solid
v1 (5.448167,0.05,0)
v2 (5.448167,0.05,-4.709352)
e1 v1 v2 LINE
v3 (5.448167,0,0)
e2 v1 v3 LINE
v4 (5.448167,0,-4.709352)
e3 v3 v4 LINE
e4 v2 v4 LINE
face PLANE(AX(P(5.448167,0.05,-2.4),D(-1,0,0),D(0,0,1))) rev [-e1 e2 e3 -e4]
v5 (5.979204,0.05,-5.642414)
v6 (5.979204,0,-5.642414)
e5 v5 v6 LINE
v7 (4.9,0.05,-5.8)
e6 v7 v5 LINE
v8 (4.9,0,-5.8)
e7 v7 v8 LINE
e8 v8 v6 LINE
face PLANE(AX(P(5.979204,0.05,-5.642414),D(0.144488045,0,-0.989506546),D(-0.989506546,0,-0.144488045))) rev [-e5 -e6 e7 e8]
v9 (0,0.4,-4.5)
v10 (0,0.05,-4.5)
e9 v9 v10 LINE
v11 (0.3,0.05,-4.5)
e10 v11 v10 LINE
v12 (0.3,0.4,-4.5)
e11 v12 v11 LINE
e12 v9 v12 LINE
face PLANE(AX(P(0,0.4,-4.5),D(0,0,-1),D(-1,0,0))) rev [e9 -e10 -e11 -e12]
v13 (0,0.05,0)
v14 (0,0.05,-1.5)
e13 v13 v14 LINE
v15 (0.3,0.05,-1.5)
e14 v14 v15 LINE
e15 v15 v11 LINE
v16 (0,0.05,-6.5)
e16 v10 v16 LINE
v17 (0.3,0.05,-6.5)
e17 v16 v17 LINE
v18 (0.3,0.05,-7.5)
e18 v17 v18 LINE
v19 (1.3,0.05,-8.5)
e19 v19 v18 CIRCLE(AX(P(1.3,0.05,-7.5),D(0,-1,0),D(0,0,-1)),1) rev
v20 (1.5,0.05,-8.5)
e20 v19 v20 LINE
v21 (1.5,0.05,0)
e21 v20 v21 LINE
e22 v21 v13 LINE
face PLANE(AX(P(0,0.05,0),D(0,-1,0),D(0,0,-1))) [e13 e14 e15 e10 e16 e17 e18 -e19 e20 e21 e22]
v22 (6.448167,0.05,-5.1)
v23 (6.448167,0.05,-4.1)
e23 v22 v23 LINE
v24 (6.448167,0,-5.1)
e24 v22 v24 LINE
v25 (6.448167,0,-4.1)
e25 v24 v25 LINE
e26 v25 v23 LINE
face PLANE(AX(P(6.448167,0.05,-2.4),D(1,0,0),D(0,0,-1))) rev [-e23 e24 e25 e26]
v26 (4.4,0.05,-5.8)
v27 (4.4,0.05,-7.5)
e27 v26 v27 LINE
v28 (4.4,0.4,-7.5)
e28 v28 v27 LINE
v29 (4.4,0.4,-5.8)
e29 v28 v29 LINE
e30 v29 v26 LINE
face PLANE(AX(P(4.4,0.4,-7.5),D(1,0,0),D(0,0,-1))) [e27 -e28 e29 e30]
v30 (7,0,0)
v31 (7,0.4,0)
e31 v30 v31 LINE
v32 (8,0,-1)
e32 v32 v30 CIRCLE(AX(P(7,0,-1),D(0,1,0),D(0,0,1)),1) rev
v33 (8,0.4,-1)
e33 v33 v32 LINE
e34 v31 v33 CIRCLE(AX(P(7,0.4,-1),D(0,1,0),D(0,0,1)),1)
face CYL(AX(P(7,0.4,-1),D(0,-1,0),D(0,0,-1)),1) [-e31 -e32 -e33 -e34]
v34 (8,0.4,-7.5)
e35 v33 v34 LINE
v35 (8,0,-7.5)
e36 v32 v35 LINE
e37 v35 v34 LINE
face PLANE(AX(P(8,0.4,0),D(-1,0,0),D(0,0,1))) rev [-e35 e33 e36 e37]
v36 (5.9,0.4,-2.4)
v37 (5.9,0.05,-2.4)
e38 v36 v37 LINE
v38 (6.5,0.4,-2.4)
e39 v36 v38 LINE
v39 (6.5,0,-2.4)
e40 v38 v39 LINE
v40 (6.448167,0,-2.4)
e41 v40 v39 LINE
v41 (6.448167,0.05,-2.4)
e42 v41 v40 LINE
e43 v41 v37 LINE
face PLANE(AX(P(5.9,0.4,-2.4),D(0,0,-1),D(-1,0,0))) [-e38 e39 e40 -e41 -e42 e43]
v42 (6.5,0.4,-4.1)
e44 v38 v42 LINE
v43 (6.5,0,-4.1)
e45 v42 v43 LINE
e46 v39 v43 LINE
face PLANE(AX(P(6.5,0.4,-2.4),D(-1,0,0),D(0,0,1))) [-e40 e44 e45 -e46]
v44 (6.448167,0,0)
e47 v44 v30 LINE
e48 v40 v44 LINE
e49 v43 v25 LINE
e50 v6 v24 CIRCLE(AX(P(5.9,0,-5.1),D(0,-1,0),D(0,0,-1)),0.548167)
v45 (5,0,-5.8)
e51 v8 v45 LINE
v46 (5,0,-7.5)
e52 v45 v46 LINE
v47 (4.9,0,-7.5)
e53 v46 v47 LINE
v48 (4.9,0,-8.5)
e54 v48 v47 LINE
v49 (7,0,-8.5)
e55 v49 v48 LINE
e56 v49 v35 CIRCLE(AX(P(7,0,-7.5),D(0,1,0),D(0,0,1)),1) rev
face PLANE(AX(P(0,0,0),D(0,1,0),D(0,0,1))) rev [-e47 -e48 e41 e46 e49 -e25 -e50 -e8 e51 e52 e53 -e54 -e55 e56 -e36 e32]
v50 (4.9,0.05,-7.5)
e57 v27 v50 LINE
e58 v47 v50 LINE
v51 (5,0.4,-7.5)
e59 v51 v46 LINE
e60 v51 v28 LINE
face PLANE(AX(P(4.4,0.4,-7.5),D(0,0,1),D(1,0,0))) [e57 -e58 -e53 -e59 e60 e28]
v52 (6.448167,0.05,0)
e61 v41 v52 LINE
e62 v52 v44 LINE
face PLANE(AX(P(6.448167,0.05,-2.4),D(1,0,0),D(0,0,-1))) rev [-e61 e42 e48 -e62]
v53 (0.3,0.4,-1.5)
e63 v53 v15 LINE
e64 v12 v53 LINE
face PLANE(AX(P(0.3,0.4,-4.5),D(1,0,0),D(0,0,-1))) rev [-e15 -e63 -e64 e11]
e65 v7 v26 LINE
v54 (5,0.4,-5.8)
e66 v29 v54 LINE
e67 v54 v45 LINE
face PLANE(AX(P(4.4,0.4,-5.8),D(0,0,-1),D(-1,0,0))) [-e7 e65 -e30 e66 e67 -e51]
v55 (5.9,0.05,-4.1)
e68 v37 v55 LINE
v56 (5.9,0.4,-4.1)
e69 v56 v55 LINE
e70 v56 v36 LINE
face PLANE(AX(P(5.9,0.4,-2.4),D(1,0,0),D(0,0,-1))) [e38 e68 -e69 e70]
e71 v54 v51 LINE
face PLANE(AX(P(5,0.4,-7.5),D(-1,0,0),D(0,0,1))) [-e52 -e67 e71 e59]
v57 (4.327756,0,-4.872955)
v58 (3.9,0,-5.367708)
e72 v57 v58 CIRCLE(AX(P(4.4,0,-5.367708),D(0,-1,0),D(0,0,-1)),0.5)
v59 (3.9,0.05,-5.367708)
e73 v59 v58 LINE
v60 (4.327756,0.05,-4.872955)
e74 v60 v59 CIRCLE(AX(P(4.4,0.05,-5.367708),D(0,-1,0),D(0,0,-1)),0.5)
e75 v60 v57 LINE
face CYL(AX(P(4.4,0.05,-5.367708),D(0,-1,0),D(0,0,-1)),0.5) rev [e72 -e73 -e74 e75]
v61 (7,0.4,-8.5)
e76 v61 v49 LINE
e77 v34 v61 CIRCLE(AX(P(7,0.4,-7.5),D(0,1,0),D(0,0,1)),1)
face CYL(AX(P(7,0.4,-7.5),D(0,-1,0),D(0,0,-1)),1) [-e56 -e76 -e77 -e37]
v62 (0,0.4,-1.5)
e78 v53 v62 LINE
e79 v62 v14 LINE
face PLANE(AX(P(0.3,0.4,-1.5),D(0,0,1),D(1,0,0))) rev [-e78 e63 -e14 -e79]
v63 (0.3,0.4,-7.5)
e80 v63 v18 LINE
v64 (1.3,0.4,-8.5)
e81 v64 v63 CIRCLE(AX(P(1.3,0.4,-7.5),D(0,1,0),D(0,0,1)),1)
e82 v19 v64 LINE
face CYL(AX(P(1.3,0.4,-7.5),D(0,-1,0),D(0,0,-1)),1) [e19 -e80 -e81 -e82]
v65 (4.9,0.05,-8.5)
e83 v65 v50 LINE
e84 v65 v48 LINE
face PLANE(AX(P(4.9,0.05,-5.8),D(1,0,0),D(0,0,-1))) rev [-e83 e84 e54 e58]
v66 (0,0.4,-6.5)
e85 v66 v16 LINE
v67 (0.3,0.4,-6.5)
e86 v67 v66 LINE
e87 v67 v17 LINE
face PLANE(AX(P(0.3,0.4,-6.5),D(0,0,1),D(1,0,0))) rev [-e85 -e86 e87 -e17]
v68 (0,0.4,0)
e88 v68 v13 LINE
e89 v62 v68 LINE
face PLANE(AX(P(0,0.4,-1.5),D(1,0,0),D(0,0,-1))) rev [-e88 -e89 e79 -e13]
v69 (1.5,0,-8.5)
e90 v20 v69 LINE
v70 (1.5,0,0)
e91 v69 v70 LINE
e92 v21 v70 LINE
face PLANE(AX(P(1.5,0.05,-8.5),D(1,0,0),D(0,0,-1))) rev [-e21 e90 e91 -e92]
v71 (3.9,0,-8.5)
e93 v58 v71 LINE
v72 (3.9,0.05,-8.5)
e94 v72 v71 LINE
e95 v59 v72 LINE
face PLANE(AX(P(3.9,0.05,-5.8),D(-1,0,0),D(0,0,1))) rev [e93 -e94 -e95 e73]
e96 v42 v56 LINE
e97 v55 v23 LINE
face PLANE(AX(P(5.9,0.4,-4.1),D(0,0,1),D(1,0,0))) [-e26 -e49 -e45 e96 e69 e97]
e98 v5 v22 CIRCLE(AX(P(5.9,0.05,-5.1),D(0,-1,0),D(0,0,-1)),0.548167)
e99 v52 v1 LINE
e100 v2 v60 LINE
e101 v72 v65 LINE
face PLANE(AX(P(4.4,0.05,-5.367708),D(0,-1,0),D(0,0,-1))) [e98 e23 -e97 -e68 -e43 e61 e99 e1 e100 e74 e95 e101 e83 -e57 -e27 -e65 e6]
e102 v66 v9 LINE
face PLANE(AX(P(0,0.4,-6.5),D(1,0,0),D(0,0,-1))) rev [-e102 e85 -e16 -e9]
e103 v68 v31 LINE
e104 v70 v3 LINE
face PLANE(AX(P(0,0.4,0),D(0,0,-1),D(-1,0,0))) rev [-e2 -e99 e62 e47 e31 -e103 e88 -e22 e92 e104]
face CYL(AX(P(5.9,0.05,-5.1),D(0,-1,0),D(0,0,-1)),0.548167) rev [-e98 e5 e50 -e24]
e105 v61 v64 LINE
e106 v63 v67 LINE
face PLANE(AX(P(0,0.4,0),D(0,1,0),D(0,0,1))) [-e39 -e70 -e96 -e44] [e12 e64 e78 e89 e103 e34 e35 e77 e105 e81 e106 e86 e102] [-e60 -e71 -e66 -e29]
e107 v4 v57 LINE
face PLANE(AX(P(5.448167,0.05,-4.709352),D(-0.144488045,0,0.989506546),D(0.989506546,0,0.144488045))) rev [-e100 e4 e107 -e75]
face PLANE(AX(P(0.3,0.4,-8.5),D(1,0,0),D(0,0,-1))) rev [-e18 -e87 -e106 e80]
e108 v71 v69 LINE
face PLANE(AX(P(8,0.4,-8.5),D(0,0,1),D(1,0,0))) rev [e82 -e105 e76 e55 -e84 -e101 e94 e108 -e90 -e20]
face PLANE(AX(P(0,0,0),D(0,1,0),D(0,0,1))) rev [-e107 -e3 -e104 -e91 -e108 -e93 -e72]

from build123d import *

# Parameters (mm, degrees)
SKETCH1_W           = 0.6
SKETCH1_H           = 1.7
BOSS_EXTRUDE1_DEPTH = 0.4
FILLET2_R           = 1
SKETCH2_W           = 1.5
SKETCH2_H           = 8.5
CUT_EXTRUDE1_DEPTH  = 0.05


with BuildPart() as part:
    # Sketch1 → Boss-Extrude1 (new body)
    with BuildSketch(Plane(origin=(0, 0, 0), x_dir=(1, 0, 0), z_dir=(0, 1, 0))):
        Polygon((0, 0), (8, 0), (8, 8.5), (0.3, 8.5), (0.3, 6.5), (0, 6.5), (0, 4.5), (0.3, 4.5), (0.3, 1.5), (0, 1.5), align=None)
        with Locations((4.7, 6.65)):
            Rectangle(SKETCH1_W, SKETCH1_H, mode=Mode.SUBTRACT)
        with Locations((6.2, 3.25)):
            Rectangle(SKETCH1_W, SKETCH1_H, mode=Mode.SUBTRACT)
    extrude(amount=BOSS_EXTRUDE1_DEPTH)

    # Fillet2
    fillet2_edges = [part.edges().sort_by_distance(p)[0] for p in [
        (0.3, 0.2, -8.5),
        (8, 0.2, -8.5),
        (8, 0.2, 0),
    ]]
    fillet(fillet2_edges, radius=FILLET2_R)

    # Sketch2 → Cut-Extrude1 (cut)
    with BuildSketch(Plane.XZ):
        with BuildLine():
            Line((6.448166538, -2.4), (6.448166538, -5.1))
            ThreePointArc((6.448166538, -5.1), (6.314670512, -5.458517669), (5.979203511, -5.642414377))
            Line((5.979203511, -5.642414377), (4.9, -5.8))
            Line((4.9, -5.8), (4.9, -8.5))
            ThreePointArc((4.9, -8.5), (4.4, -9), (3.9, -8.5))
            Line((3.9, -8.5), (3.9, -5.8))
            Line((3.9, -5.8), (3.9, -5.367707784))
            ThreePointArc((3.9, -5.367707784), (4.021765938, -5.040692502), (4.327755978, -4.872954511))
            Line((4.327755978, -4.872954511), (5.448166538, -4.709351823))
            Line((5.448166538, -4.709351823), (5.448166538, -2.4))
            Line((5.448166538, -2.4), (5.448166538, 0))
            Line((5.448166538, 0), (6.448166538, 0))
            Line((6.448166538, 0), (6.448166538, -2.4))
        make_face()
        with Locations((0.75, -4.25)):
            Rectangle(SKETCH2_W, SKETCH2_H)
    extrude(amount=-CUT_EXTRUDE1_DEPTH, mode=Mode.SUBTRACT)


solid = part.part
